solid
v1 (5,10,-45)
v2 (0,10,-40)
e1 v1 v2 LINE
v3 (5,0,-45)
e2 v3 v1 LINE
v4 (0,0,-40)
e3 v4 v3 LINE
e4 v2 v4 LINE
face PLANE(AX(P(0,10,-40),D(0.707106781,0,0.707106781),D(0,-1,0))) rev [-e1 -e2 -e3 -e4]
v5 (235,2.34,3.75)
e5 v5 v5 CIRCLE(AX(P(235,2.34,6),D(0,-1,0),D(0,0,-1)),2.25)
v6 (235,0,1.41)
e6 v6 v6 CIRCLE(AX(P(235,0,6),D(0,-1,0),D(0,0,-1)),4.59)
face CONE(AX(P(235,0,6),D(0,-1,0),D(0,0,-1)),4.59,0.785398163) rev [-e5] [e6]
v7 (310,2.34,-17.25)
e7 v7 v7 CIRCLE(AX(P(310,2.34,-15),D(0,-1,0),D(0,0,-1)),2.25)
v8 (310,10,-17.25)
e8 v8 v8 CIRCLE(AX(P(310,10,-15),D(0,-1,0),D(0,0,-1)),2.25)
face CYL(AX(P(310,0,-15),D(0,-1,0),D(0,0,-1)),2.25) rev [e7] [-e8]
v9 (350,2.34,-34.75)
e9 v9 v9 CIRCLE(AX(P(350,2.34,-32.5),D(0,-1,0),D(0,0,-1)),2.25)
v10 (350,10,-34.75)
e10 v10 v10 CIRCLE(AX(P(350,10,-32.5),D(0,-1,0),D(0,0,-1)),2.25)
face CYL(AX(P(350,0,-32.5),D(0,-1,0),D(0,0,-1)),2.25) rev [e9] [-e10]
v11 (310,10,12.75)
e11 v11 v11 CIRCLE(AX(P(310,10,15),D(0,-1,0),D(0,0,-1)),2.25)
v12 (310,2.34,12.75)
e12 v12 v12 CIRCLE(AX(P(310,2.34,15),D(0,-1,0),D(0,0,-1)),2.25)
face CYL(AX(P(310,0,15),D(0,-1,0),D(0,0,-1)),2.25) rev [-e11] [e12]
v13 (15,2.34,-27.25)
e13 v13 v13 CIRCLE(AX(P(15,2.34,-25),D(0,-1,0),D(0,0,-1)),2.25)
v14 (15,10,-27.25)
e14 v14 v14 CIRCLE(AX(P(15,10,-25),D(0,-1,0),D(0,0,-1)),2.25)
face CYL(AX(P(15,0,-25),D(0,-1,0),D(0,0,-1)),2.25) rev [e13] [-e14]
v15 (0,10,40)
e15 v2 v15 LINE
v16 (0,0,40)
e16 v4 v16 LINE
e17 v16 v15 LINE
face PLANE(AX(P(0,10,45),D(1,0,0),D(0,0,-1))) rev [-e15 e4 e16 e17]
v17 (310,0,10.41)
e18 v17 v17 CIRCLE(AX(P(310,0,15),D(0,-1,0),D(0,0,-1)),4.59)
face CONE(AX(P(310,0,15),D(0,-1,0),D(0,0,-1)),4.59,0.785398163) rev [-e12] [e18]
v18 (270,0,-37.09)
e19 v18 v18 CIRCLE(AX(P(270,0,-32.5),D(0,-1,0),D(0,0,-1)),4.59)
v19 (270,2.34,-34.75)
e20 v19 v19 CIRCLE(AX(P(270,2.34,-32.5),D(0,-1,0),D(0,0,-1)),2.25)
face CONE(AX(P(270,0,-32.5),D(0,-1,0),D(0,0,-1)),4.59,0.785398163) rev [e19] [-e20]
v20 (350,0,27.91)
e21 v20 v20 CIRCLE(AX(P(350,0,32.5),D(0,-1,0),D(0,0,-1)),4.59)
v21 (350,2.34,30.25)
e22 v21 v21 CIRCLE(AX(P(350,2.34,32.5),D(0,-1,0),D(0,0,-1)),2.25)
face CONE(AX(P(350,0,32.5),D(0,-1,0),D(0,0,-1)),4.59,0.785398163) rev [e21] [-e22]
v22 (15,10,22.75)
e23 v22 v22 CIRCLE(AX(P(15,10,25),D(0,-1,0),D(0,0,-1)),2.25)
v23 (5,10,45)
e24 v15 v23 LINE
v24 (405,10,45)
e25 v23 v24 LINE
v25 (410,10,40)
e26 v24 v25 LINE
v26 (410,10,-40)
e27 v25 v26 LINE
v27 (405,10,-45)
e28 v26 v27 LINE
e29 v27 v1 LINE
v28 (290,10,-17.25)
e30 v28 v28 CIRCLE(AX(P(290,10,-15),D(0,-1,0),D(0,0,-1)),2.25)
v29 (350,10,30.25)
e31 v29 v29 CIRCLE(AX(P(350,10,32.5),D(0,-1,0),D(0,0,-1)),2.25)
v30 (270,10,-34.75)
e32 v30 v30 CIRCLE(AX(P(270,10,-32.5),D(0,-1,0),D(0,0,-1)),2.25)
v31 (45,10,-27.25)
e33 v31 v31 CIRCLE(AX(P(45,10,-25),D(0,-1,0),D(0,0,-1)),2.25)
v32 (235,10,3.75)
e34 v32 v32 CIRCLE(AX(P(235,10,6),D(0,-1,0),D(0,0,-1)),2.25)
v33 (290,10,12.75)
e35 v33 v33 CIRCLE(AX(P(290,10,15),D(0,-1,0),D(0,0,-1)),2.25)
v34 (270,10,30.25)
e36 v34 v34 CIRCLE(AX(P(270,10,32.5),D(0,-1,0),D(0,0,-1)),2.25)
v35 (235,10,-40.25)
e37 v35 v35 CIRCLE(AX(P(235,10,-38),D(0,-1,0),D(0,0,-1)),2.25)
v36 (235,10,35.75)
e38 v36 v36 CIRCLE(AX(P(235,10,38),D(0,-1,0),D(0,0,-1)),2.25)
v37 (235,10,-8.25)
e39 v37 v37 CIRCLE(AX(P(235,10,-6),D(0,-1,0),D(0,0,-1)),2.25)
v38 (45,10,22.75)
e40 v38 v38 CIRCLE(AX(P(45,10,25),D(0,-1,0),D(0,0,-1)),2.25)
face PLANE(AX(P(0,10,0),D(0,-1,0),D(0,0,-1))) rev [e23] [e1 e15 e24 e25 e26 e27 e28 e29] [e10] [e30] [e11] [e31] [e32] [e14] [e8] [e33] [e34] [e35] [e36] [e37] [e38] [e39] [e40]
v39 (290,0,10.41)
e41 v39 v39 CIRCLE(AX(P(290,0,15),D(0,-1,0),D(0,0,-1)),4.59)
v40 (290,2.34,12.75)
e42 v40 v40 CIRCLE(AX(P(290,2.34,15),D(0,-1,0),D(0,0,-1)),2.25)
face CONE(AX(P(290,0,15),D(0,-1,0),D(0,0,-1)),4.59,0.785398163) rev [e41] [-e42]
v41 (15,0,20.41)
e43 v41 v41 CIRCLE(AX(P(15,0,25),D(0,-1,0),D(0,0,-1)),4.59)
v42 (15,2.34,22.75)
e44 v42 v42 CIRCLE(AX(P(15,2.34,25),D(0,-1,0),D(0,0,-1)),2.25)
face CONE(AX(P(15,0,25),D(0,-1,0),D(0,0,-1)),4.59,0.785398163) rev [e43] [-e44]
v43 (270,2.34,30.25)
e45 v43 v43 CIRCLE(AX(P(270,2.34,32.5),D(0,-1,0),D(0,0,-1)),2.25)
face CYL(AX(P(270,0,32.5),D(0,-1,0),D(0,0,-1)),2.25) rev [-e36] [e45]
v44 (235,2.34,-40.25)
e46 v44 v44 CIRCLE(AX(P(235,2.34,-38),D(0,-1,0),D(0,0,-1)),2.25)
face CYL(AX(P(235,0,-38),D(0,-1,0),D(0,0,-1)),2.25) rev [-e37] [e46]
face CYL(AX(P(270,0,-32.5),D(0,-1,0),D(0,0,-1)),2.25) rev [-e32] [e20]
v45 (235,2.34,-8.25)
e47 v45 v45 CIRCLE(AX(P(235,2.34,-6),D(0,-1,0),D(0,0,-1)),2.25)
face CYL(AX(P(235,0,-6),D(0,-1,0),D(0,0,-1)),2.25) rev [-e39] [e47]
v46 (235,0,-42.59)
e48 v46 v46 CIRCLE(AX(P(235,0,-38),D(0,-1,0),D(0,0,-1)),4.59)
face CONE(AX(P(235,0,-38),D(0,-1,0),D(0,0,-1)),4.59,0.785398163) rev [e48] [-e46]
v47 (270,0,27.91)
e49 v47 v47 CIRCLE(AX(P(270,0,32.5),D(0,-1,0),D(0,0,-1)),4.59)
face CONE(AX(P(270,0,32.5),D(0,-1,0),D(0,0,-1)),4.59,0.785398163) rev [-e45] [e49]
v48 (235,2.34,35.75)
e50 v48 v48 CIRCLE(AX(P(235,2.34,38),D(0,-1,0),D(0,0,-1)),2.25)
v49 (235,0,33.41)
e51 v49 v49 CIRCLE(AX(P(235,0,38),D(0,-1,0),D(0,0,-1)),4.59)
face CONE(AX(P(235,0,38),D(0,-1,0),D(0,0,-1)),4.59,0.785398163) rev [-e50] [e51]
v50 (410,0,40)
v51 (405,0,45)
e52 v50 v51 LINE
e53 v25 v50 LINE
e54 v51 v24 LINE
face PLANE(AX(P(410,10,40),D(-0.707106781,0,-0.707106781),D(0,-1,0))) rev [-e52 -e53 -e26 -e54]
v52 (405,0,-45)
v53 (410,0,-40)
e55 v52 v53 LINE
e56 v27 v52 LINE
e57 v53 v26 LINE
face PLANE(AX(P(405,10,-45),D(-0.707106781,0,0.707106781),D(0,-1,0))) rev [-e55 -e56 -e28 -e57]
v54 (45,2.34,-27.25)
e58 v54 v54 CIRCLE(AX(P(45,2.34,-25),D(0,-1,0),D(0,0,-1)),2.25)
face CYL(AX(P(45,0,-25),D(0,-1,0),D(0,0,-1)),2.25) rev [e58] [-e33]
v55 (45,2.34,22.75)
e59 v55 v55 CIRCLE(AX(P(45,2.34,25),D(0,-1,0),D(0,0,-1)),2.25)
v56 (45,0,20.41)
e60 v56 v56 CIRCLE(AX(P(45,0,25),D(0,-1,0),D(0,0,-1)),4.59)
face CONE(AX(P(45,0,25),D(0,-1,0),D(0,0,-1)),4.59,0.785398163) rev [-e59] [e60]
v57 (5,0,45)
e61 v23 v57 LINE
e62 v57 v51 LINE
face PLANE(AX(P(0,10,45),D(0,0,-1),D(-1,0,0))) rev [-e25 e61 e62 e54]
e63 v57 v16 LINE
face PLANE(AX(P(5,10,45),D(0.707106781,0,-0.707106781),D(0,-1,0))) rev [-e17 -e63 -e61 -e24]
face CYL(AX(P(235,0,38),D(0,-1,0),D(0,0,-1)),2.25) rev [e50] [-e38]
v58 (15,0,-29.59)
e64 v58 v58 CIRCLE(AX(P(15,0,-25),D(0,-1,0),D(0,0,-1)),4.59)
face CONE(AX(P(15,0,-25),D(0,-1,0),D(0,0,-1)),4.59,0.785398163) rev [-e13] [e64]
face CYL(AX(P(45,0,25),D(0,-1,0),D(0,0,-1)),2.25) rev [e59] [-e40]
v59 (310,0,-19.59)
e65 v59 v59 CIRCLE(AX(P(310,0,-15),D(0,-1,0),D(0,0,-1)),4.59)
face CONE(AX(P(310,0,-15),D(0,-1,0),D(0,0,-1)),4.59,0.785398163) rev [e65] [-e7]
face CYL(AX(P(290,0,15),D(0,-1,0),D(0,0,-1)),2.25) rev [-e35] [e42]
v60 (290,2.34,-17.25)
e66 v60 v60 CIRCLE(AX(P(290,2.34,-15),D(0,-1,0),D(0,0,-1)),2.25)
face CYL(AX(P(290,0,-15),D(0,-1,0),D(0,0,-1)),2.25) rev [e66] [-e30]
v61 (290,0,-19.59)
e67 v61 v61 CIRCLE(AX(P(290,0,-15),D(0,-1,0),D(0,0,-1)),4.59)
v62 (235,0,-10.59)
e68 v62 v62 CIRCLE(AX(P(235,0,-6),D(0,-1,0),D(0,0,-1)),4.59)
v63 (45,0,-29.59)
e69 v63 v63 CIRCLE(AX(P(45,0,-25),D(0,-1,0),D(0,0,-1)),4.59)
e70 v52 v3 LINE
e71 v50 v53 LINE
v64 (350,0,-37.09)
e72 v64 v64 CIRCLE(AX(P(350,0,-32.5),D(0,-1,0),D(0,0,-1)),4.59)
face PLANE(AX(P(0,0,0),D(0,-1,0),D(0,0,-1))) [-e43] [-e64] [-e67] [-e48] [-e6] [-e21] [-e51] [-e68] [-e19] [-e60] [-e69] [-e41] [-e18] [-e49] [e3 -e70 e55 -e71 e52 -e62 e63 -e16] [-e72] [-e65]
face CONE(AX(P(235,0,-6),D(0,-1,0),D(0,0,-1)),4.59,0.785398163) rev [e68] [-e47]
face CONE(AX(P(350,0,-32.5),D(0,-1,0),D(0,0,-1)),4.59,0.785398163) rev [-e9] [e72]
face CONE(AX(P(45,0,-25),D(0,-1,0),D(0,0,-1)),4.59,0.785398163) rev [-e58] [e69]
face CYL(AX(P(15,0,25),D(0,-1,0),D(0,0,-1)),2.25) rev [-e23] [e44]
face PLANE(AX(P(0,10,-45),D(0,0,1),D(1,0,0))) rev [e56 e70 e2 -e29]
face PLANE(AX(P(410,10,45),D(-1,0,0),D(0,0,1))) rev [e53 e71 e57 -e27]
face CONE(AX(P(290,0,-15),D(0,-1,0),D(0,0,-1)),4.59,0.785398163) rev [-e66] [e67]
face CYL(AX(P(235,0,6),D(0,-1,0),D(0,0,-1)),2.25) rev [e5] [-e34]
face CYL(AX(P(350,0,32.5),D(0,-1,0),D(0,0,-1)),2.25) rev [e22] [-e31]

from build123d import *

# Parameters (mm, degrees)
CROQUIS1_W                                           = 410
CROQUIS1_H                                           = 90
SALIENTE_EXTRUIR1_DEPTH                              = 10
CHAFL_N1_SIZE                                        = 5
AVELLANADO_PARA_TORNILLO_CON_CABEZA_AVEL_D           = 4.5
AVELLANADO_PARA_TORNILLO_CON_CABEZA_AVEL_CSINK_D     = 9.18
AVELLANADO_PARA_TORNILLO_CON_CABEZA_AVEL_CSINK_ANGLE = 90
AVELLANADO_PARA_TORNILLO_CON_CABEZA_2_D              = 4.5
AVELLANADO_PARA_TORNILLO_CON_CABEZA_2_CSINK_D        = 9.18
AVELLANADO_PARA_TORNILLO_CON_CABEZA_2_CSINK_ANGLE    = 90
AVELLANADO_PARA_TORNILLO_CON_CABEZA_3_D              = 4.5
AVELLANADO_PARA_TORNILLO_CON_CABEZA_3_CSINK_D        = 9.18
AVELLANADO_PARA_TORNILLO_CON_CABEZA_3_CSINK_ANGLE    = 90
AVELLANADO_PARA_TORNILLO_CON_CABEZA_4_D              = 4.5
AVELLANADO_PARA_TORNILLO_CON_CABEZA_4_CSINK_D        = 9.18
AVELLANADO_PARA_TORNILLO_CON_CABEZA_4_CSINK_ANGLE    = 90


with BuildPart() as part:
    # Croquis1 → Saliente-Extruir1 (new body)
    with BuildSketch(Plane(origin=(0, 0, 0), x_dir=(1, 0, 0), z_dir=(0, 1, 0))):
        with Locations((205, 0)):
            Rectangle(CROQUIS1_W, CROQUIS1_H)
    extrude(amount=SALIENTE_EXTRUIR1_DEPTH)

    # Chaflán1
    chafl_n1_edges = [part.edges().sort_by_distance(p)[0] for p in [
        (410, 5, 45),
        (0, 5, 45),
        (0, 5, -45),
        (410, 5, -45),
    ]]
    chamfer(chafl_n1_edges, length=CHAFL_N1_SIZE)

    # Avellanado para tornillo con cabeza avel (through all)
    with Locations(Plane(origin=(0, 0, 0), x_dir=(-1, 0, 0), z_dir=(0, -1, 0))):
        with Locations((-15, -25), (-45, 25), (-45, -25), (-15, 25)):
            CounterSinkHole(AVELLANADO_PARA_TORNILLO_CON_CABEZA_AVEL_D / 2, AVELLANADO_PARA_TORNILLO_CON_CABEZA_AVEL_CSINK_D / 2, counter_sink_angle=AVELLANADO_PARA_TORNILLO_CON_CABEZA_AVEL_CSINK_ANGLE)

    # Avellanado para tornillo con cabeza  2 (through all)
    with Locations(Plane(origin=(0, 0, 0), x_dir=(-1, 0, 0), z_dir=(0, -1, 0))):
        with Locations((-235, 38), (-235, 6), (-235, -6), (-235, -38)):
            CounterSinkHole(AVELLANADO_PARA_TORNILLO_CON_CABEZA_2_D / 2, AVELLANADO_PARA_TORNILLO_CON_CABEZA_2_CSINK_D / 2, counter_sink_angle=AVELLANADO_PARA_TORNILLO_CON_CABEZA_2_CSINK_ANGLE)

    # Avellanado para tornillo con cabeza  3 (through all)
    with Locations(Plane(origin=(0, 0, 0), x_dir=(-1, 0, 0), z_dir=(0, -1, 0))):
        with Locations((-290, 15), (-310, -15), (-310, 15), (-290, -15)):
            CounterSinkHole(AVELLANADO_PARA_TORNILLO_CON_CABEZA_3_D / 2, AVELLANADO_PARA_TORNILLO_CON_CABEZA_3_CSINK_D / 2, counter_sink_angle=AVELLANADO_PARA_TORNILLO_CON_CABEZA_3_CSINK_ANGLE)

    # Avellanado para tornillo con cabeza  4 (through all)
    with Locations(Plane(origin=(0, 0, 0), x_dir=(-1, 0, 0), z_dir=(0, -1, 0))):
        with Locations((-270, 32.5), (-350, -32.5), (-350, 32.5), (-270, -32.5)):
            CounterSinkHole(AVELLANADO_PARA_TORNILLO_CON_CABEZA_4_D / 2, AVELLANADO_PARA_TORNILLO_CON_CABEZA_4_CSINK_D / 2, counter_sink_angle=AVELLANADO_PARA_TORNILLO_CON_CABEZA_4_CSINK_ANGLE)


solid = part.part
